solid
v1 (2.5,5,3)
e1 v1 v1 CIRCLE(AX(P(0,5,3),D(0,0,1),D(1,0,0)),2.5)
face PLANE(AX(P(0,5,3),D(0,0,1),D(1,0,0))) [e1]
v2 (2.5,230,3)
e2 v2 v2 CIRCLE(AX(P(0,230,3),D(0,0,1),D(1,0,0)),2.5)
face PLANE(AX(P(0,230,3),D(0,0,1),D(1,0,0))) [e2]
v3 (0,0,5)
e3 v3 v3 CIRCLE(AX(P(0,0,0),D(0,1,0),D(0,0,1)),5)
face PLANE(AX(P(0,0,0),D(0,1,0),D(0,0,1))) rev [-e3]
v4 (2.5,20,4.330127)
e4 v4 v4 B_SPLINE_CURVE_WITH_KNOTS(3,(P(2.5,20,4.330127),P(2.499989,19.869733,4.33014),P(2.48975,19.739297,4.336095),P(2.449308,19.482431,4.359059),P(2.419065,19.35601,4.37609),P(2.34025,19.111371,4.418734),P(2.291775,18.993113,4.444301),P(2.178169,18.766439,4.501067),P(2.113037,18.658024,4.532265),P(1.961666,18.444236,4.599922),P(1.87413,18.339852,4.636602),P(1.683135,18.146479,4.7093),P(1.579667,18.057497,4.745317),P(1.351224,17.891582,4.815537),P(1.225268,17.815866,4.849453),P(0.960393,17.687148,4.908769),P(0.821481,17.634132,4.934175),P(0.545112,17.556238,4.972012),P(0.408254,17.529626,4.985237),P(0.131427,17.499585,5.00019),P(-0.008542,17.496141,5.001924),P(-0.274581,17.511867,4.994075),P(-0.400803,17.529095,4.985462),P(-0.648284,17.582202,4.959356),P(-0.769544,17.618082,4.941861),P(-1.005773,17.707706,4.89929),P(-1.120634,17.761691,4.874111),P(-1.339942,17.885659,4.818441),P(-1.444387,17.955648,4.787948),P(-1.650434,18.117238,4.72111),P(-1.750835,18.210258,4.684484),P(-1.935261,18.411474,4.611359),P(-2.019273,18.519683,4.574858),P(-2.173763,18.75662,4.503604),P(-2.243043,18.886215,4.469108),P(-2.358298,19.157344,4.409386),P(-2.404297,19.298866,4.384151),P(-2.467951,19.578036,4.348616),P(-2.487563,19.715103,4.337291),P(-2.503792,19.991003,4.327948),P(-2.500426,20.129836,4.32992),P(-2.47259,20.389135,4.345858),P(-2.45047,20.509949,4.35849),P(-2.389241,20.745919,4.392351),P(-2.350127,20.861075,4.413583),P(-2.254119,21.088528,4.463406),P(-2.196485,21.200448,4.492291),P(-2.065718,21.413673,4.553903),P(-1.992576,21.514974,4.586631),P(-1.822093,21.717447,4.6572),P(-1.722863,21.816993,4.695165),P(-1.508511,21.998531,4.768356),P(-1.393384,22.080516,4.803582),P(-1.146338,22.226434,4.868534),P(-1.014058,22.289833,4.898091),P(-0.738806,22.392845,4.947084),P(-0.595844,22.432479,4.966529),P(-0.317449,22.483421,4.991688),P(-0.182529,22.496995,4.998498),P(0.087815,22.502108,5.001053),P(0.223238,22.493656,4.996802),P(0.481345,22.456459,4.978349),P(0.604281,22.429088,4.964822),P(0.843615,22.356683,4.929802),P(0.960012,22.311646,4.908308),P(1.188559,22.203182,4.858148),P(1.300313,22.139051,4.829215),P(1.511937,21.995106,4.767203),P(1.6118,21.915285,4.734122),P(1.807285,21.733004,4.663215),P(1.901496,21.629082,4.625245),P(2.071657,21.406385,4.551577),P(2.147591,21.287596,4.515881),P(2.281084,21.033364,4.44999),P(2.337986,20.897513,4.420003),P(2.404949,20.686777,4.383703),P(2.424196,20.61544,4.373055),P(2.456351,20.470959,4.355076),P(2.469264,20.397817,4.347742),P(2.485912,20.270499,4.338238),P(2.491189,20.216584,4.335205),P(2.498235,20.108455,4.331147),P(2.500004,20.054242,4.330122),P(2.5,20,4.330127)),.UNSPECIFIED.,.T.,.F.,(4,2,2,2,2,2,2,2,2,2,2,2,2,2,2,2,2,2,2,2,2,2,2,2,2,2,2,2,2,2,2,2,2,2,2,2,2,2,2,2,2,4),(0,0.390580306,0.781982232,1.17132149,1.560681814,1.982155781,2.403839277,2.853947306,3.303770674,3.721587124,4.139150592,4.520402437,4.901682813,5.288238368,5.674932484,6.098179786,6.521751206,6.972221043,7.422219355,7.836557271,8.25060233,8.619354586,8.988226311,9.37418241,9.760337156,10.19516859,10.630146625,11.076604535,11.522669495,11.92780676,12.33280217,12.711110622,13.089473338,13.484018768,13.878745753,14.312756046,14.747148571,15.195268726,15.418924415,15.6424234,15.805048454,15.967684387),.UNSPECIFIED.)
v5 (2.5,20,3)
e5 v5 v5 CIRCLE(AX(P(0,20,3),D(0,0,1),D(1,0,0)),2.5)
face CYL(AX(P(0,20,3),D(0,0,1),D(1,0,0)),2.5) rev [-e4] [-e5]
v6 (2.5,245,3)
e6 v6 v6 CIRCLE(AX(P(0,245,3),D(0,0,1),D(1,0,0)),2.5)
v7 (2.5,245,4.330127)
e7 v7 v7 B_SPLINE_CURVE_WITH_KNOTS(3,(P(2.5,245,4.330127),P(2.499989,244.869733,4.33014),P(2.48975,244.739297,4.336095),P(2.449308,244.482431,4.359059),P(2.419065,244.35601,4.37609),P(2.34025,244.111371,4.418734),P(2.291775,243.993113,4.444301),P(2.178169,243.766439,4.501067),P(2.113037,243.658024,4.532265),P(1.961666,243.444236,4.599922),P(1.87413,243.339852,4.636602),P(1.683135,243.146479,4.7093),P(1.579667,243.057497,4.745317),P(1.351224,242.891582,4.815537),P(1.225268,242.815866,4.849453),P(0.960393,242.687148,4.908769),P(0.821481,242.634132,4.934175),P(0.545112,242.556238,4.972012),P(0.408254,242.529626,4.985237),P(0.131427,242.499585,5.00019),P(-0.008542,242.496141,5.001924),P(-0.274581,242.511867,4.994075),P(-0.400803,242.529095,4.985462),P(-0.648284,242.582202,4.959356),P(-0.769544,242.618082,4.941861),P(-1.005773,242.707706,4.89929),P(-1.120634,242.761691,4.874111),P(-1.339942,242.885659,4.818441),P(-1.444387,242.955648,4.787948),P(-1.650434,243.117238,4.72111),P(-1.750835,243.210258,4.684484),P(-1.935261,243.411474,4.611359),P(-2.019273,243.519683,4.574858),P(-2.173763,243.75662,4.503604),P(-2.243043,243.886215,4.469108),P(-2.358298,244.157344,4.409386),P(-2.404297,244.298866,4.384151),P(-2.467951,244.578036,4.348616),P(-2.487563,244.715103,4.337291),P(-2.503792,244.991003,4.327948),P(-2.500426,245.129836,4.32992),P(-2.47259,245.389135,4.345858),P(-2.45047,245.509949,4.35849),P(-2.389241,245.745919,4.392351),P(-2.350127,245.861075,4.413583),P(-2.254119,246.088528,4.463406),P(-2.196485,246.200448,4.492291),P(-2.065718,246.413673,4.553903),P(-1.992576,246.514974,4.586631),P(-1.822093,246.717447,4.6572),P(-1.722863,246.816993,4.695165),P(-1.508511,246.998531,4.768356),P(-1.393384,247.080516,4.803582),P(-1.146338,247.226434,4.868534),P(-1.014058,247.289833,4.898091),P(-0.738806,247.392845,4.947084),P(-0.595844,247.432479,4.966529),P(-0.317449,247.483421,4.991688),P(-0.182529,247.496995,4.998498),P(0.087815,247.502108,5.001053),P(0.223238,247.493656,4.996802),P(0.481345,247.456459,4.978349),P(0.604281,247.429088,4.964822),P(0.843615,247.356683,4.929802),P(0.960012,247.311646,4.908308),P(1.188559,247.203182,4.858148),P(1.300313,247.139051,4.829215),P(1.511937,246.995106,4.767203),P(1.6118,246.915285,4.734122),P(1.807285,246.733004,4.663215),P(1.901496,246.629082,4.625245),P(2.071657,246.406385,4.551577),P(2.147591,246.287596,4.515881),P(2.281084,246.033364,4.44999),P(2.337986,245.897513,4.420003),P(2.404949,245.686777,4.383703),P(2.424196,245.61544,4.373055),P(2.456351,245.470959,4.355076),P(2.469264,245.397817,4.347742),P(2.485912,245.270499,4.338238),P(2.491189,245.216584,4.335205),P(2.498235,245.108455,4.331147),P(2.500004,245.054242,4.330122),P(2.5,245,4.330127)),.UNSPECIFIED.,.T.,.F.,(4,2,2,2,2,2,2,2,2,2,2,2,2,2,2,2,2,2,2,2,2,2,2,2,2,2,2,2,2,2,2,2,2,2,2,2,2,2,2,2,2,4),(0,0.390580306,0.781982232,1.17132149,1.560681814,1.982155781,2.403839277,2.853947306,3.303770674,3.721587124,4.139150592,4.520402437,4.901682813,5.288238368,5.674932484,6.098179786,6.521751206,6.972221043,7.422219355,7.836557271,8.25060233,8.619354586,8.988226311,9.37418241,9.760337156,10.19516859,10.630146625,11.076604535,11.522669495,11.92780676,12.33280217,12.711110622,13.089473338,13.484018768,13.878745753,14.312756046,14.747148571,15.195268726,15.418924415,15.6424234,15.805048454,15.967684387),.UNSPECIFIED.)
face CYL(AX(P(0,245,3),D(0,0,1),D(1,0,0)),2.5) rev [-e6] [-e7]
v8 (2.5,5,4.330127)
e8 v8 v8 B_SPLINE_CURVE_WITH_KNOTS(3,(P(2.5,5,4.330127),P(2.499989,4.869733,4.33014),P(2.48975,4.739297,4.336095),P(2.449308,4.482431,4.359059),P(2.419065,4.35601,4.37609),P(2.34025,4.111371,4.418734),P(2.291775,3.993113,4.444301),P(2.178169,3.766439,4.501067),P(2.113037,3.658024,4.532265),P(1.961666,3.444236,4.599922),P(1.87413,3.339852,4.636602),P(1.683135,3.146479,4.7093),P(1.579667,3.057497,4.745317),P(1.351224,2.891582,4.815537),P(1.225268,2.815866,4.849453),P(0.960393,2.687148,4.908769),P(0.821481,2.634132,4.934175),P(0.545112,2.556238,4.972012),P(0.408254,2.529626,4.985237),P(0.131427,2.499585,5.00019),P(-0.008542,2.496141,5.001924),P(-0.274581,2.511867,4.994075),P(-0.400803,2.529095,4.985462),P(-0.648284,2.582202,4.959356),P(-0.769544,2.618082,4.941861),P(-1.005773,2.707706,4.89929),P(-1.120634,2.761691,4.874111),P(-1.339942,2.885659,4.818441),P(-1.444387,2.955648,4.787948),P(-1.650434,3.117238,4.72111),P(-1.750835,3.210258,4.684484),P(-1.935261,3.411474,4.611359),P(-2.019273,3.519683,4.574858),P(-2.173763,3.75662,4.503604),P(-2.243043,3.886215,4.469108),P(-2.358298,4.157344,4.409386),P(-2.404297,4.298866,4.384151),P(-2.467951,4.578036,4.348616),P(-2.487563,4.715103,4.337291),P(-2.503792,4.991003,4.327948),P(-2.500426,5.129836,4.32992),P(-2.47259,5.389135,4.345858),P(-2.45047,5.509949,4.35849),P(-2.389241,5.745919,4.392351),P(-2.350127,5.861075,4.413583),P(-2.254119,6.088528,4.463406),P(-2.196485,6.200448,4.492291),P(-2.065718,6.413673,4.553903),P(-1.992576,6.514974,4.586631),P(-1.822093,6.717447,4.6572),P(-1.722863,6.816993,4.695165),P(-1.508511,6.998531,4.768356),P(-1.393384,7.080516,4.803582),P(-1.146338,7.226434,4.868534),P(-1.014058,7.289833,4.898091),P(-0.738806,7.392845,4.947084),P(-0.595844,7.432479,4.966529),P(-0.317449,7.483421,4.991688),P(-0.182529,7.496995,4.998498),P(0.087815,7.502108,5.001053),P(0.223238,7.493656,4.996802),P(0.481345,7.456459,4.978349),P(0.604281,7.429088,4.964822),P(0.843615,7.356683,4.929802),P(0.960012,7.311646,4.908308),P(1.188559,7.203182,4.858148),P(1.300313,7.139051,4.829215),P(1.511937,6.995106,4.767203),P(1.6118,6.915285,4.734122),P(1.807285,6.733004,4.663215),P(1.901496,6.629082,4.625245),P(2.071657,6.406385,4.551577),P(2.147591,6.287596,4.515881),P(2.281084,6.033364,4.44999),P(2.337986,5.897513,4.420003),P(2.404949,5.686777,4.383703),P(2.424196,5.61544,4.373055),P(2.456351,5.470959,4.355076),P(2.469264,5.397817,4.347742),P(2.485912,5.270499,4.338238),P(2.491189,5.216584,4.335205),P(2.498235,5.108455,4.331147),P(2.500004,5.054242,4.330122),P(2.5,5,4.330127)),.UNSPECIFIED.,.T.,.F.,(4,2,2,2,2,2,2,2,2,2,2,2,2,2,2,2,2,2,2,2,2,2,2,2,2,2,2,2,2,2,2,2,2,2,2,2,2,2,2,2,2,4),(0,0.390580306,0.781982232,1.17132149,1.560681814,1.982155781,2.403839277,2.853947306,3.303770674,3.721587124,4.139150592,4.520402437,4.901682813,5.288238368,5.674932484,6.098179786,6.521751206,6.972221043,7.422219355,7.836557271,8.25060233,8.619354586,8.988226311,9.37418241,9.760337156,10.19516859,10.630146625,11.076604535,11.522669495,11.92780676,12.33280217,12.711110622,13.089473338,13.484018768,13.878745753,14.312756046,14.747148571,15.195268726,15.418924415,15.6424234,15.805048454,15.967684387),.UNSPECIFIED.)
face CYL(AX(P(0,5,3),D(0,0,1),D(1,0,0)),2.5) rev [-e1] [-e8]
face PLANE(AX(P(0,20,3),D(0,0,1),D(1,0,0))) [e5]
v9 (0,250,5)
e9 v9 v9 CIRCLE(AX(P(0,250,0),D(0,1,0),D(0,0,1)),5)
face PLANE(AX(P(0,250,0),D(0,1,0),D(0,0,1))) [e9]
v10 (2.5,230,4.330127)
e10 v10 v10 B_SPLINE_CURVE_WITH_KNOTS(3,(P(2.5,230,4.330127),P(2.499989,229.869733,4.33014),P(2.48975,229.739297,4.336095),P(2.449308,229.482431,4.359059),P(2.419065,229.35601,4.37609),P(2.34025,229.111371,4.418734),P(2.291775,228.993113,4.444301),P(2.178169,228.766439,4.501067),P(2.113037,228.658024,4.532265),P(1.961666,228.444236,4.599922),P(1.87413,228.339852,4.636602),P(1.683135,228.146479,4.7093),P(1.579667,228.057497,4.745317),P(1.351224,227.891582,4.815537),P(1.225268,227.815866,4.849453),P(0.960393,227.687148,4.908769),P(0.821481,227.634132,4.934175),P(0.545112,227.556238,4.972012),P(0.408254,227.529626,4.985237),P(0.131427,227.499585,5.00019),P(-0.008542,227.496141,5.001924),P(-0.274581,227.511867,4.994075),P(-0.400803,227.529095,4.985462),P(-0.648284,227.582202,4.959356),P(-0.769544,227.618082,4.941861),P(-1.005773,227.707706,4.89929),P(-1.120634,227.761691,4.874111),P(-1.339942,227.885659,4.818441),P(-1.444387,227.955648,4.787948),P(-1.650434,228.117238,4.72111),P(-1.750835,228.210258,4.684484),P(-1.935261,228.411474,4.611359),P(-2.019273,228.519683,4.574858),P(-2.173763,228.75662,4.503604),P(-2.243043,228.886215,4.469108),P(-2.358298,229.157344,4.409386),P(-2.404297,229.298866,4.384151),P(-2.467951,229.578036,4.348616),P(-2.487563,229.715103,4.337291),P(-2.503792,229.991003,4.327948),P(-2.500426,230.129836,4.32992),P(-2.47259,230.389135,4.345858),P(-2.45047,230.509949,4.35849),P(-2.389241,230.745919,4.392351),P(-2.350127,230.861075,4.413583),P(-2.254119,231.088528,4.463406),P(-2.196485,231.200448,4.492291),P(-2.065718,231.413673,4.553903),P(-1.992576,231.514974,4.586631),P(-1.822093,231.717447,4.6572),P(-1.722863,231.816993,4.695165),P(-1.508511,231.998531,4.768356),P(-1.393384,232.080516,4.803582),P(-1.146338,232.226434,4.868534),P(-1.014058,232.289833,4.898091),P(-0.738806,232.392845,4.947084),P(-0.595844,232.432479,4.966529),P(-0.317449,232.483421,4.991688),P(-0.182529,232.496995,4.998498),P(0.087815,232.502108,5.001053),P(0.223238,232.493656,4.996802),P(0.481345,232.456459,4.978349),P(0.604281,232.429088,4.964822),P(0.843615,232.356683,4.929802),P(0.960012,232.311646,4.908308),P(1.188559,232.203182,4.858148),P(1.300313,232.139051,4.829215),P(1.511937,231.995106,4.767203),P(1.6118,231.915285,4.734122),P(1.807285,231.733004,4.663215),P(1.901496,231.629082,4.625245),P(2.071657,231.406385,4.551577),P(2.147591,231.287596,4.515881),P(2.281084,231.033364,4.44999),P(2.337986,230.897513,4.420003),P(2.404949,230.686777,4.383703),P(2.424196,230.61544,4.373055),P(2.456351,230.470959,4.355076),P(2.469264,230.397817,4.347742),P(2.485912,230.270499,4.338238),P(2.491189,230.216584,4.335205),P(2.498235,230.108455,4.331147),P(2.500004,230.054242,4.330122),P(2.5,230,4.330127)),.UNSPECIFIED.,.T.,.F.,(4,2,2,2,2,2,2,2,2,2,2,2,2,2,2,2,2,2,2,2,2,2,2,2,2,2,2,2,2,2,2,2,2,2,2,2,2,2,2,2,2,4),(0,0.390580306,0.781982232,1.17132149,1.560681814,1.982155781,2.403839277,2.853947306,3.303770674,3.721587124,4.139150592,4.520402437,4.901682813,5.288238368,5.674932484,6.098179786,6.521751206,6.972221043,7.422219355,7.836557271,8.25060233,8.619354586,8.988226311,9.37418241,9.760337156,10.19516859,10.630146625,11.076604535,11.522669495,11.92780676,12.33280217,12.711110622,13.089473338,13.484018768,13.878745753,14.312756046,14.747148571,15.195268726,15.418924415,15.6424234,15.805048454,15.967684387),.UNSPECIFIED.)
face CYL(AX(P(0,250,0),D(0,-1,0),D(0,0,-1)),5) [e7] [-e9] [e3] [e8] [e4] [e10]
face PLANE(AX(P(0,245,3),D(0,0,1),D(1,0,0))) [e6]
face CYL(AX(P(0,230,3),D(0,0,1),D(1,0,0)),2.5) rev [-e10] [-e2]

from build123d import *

# Parameters (mm, degrees)
SKETCH1_R           = 5
BOSS_EXTRUDE1_DEPTH = 250
CUT_EXTRUDE1_START  = 5
SKETCH5_R           = 2.5
CUT_EXTRUDE1_DEPTH  = 2


with BuildPart() as part:
    # Sketch1 → Boss-Extrude1 (new body)
    with BuildSketch(Plane(origin=(0, 0, 0), x_dir=(1, 0, 0), z_dir=(0, 1, 0))):
        with Locations(Location((0, 0, 0), (0, 0, 270))):
            Circle(SKETCH1_R)
    extrude(amount=BOSS_EXTRUDE1_DEPTH)

    # Sketch5 → Cut-Extrude1 (cut)
    with BuildSketch(Plane.XY.offset(CUT_EXTRUDE1_START)):
        with Locations((0, 5)):
            Circle(SKETCH5_R)
        with Locations((0, 20)):
            Circle(SKETCH5_R)
        with Locations((0, 245)):
            Circle(SKETCH5_R)
        with Locations((0, 230)):
            Circle(SKETCH5_R)
    extrude(amount=-CUT_EXTRUDE1_DEPTH, mode=Mode.SUBTRACT)


solid = part.part
